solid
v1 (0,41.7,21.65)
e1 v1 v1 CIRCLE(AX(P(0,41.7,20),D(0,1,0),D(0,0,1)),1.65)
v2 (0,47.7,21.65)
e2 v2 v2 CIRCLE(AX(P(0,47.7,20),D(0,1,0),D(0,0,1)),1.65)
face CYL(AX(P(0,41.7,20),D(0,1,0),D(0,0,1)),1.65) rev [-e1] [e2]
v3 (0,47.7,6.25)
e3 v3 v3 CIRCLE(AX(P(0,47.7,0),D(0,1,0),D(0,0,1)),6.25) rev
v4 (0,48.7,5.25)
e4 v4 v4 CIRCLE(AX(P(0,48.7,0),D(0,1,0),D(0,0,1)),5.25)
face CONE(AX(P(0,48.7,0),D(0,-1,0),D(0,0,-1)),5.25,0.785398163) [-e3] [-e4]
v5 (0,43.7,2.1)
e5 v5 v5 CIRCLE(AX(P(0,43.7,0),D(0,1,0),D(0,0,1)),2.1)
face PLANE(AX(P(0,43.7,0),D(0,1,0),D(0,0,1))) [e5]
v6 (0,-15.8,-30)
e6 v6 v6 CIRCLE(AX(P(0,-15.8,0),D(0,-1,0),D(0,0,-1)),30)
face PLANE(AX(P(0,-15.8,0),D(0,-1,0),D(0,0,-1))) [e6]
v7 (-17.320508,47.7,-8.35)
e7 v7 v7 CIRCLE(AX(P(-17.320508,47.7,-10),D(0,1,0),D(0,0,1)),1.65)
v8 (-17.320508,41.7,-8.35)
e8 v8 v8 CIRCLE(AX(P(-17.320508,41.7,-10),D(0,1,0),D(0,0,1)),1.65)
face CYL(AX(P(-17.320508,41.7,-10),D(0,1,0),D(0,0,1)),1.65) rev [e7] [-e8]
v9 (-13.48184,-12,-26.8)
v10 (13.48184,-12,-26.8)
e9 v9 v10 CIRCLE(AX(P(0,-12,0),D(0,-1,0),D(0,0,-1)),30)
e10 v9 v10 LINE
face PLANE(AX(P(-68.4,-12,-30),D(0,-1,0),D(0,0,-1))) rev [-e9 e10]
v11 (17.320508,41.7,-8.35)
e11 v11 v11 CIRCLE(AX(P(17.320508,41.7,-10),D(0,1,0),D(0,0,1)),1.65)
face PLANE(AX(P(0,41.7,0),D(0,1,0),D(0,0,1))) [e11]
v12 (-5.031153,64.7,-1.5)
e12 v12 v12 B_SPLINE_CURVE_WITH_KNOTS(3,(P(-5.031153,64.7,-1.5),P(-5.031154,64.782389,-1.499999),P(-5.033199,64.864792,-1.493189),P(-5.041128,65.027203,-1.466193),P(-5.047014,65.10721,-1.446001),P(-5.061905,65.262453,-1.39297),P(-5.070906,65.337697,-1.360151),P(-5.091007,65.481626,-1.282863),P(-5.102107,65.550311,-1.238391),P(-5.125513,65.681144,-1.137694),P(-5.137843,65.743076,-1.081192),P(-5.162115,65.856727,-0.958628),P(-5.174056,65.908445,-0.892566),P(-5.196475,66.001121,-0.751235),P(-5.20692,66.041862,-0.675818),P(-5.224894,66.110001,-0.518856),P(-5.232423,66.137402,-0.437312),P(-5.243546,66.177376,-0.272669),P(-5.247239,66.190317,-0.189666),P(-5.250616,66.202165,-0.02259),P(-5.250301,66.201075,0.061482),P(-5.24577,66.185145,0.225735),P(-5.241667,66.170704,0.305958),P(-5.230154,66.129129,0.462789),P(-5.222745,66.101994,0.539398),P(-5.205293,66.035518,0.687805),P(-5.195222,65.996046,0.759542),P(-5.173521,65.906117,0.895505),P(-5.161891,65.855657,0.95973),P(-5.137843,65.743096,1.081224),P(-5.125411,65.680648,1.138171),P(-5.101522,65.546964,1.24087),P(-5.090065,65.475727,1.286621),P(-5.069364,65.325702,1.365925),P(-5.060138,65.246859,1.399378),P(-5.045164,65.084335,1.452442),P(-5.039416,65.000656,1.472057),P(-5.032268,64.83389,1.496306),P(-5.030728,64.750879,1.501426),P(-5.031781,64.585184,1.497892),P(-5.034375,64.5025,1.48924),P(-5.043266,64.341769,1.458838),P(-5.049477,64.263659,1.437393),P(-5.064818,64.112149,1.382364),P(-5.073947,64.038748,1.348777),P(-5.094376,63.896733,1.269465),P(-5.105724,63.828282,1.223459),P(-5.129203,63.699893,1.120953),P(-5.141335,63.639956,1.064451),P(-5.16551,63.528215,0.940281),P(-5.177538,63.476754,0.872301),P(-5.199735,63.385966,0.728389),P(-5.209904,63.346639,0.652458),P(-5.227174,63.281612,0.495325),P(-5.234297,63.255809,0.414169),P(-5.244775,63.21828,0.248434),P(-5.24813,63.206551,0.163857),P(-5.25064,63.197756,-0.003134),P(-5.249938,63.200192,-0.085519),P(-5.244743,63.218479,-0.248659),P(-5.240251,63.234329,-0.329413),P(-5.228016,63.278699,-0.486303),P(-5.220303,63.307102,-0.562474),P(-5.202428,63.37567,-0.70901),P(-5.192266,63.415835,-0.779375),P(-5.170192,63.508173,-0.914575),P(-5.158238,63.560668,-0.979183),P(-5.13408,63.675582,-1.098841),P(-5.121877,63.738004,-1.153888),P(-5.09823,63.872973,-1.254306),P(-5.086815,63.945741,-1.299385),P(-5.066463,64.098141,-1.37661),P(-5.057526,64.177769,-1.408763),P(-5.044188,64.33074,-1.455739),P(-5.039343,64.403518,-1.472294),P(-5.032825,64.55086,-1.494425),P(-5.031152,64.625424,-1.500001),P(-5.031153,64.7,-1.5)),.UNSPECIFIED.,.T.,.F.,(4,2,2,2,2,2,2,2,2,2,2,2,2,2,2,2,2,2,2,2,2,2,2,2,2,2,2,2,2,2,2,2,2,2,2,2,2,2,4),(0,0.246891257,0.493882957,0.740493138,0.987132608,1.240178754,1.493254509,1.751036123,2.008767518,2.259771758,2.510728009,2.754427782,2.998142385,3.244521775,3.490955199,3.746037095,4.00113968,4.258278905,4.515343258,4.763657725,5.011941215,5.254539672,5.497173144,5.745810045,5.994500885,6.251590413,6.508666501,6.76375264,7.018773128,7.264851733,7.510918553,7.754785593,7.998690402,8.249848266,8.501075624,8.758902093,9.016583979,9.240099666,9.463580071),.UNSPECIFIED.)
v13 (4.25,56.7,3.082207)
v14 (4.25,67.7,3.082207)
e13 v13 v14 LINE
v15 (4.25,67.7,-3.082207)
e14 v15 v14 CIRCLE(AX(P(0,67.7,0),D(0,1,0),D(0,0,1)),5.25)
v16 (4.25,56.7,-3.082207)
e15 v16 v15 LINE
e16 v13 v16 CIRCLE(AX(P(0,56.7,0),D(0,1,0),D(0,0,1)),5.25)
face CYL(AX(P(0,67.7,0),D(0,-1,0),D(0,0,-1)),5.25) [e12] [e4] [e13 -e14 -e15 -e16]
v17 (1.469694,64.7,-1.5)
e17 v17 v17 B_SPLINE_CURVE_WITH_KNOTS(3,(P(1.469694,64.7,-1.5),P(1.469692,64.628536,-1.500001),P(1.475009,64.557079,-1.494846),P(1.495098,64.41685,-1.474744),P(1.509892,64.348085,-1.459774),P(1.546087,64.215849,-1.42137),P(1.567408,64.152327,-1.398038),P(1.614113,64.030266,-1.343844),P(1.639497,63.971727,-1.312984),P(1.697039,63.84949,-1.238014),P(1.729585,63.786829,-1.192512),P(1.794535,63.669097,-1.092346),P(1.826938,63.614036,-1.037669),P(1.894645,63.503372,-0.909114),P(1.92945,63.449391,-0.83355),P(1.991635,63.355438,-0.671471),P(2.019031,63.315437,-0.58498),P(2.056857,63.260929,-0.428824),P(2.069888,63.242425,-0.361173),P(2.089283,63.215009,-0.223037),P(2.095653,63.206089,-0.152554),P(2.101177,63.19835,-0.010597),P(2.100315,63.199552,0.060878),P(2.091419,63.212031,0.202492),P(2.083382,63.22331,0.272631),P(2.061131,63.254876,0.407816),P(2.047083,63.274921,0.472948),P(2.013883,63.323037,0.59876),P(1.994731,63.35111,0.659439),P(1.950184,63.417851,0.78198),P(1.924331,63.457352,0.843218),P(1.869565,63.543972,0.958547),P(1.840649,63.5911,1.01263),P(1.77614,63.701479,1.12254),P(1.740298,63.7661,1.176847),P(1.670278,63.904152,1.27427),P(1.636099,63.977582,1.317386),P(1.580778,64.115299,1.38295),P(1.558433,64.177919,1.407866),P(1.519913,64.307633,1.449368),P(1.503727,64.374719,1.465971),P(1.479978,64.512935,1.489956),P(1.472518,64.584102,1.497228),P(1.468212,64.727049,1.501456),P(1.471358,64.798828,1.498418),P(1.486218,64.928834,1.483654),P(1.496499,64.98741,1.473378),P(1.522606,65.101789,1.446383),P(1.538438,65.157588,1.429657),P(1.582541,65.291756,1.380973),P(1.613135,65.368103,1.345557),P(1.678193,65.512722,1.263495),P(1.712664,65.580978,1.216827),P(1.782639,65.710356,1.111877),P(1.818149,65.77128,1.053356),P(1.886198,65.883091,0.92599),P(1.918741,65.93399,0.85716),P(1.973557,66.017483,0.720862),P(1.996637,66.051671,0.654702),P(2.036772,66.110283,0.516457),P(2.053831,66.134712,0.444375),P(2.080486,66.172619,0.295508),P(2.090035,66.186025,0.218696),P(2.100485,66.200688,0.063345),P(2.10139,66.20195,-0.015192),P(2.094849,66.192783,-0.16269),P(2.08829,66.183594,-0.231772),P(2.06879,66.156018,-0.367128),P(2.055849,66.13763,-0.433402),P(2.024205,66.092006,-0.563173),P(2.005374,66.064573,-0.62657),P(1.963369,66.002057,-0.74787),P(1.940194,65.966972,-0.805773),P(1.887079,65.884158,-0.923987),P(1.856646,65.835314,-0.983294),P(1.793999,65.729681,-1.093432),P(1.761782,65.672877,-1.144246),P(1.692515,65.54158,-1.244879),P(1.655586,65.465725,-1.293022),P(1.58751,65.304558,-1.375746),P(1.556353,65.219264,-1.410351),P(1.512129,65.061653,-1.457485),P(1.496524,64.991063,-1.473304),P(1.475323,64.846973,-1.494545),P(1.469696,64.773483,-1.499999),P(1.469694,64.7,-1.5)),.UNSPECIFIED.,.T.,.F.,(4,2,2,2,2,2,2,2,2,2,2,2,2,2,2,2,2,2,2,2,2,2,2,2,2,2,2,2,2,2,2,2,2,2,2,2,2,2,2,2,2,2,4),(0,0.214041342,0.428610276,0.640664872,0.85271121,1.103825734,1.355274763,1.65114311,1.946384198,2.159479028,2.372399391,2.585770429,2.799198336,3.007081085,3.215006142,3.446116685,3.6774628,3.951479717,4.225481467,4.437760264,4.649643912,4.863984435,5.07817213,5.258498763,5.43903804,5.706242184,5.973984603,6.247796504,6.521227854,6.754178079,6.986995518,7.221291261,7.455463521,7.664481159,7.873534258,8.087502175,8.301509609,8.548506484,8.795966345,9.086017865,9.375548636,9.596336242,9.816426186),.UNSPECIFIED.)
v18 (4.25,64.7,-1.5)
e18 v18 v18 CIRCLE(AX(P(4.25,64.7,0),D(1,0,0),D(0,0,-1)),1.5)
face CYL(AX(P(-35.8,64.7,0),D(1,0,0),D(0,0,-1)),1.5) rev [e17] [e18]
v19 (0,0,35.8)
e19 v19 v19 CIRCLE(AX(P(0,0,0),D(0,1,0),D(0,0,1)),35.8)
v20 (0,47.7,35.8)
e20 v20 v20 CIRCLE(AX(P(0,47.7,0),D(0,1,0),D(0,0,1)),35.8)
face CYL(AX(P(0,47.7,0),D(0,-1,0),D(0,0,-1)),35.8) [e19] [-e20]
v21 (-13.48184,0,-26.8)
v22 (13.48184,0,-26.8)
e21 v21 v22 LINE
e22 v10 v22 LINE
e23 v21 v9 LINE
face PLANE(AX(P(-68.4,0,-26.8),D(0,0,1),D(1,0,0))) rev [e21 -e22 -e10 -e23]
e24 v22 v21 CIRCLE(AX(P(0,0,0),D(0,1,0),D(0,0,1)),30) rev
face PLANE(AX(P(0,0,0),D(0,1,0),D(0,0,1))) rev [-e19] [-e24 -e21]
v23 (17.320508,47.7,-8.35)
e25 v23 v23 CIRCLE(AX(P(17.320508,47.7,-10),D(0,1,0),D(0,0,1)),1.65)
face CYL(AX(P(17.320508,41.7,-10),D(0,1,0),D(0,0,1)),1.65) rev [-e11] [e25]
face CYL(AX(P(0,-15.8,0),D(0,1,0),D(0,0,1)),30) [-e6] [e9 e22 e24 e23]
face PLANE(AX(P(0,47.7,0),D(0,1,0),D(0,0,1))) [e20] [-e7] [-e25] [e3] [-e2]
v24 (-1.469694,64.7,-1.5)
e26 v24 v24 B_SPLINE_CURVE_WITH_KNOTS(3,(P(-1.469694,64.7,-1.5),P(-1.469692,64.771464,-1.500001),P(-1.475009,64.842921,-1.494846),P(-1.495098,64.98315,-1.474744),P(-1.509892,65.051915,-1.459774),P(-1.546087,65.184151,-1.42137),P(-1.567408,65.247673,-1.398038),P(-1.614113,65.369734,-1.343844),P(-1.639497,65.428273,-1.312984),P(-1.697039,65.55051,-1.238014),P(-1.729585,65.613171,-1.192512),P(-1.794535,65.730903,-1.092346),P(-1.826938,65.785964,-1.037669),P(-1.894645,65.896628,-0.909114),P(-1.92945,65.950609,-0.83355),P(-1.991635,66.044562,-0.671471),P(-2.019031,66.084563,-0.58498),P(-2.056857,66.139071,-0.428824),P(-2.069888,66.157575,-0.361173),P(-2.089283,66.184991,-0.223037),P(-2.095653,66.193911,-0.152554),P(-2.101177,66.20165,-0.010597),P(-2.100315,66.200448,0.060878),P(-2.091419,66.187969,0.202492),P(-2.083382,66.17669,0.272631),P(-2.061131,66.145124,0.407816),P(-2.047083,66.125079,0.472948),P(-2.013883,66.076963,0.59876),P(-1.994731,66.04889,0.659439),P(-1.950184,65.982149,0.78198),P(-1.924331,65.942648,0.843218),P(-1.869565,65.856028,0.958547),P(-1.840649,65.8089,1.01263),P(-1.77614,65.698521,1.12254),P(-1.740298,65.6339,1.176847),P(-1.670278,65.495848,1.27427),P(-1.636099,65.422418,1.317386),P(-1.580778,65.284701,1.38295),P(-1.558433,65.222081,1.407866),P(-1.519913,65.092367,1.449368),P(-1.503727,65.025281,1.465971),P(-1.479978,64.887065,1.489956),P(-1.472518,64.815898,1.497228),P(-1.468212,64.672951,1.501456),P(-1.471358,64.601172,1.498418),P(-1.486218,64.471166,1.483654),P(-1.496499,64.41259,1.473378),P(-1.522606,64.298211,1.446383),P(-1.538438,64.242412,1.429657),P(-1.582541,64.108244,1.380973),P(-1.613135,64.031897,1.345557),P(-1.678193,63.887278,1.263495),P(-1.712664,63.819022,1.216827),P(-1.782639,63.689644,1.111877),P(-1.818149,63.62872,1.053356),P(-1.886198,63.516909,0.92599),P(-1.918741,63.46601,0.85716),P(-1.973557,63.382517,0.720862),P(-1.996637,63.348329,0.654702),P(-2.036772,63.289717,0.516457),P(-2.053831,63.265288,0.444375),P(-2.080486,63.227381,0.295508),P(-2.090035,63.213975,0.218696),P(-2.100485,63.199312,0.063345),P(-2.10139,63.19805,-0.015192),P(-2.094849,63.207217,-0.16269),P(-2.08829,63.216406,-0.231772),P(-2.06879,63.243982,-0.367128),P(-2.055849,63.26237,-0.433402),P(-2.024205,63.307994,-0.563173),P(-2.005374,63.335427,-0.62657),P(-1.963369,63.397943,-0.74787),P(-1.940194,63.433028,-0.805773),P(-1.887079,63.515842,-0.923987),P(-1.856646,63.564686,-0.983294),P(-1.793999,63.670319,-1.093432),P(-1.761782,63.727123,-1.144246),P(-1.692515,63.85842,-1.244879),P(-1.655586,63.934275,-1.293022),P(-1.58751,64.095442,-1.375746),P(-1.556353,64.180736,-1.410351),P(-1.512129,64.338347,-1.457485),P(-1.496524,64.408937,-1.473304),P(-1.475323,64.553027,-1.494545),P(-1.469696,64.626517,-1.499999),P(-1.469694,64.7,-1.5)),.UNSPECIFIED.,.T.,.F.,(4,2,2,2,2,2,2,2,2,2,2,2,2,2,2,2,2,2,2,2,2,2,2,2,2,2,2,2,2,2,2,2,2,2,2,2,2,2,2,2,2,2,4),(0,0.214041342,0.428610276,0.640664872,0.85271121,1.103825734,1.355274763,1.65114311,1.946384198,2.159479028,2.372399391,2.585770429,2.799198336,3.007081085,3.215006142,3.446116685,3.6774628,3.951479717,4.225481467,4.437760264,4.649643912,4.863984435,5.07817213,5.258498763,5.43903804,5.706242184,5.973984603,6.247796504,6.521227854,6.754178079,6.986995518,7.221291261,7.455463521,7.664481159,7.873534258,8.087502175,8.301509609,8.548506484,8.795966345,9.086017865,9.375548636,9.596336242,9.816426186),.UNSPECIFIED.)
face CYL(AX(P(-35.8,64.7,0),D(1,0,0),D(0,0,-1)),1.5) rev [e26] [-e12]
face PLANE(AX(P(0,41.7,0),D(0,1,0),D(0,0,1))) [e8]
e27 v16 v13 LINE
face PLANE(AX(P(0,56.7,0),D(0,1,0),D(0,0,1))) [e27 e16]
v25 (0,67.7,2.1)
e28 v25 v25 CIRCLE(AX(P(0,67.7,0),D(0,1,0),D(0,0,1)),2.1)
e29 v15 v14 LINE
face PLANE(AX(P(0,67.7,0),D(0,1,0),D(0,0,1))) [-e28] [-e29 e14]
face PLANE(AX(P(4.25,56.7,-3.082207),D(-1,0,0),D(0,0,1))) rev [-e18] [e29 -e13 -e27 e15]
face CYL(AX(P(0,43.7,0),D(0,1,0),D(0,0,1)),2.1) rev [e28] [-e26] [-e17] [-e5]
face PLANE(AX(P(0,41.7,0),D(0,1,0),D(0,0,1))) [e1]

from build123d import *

# Parameters (mm, degrees)
SKETCH_1_R          = 35.8
EXTRUDE_1_DEPTH     = 47.7
SKETCH_2_R          = 5.25
EXTRUDE_2_DEPTH     = 20
SKETCH_3_W          = 7.138794325
SKETCH_3_H          = 6.164414002
CUT_EXTRUDE_1_DEPTH = 11
SKETCH_4_R          = 1.5
CUT_EXTRUDE_2_DEPTH = 87.422985947
CHAMFER_1_SIZE      = 1
SKETCH_5_R          = 1.65
CUT_EXTRUDE_3_DEPTH = 6
SKETCH_6_R          = 2.1
CUT_EXTRUDE_4_DEPTH = 24
SKETCH_7_R          = 30
EXTRUDE_3_DEPTH     = 15.8
SKETCH_8_W          = 3.2
SKETCH_8_H          = 12
CUT_EXTRUDE_5_DEPTH = 68.4


with BuildPart() as part:
    # 草图1 → 凸台-拉伸1 (new body)
    with BuildSketch(Plane(origin=(0, 0, 0), x_dir=(1, 0, 0), z_dir=(0, 1, 0))):
        with Locations(Location((0, 0, 0), (0, 0, 270))):
            Circle(SKETCH_1_R)
    extrude(amount=EXTRUDE_1_DEPTH)

    # 草图2 → 凸台-拉伸2 (add)
    with BuildSketch(Plane(origin=(0, 47.7, 0), x_dir=(1, 0, 0), z_dir=(0, 1, 0))):
        with Locations(Location((0, 0, 0), (0, 0, 270))):
            Circle(SKETCH_2_R)
    extrude(amount=EXTRUDE_2_DEPTH)

    # 草图3 → 切除-拉伸1 (cut)
    with BuildSketch(Plane(origin=(0, 67.7, 0), x_dir=(1, 0, 0), z_dir=(0, 1, 0))):
        with Locations((7.819397163, 0)):
            Rectangle(SKETCH_3_W, SKETCH_3_H)
    extrude(amount=-CUT_EXTRUDE_1_DEPTH, mode=Mode.SUBTRACT)

    # 草图4 → 切除-拉伸2 (cut, through all)
    with BuildSketch(Plane(origin=(4.25, 0, 0), x_dir=(0, 0, -1), z_dir=(1, 0, 0))):
        with Locations((0, 64.7)):
            Circle(SKETCH_4_R)
    extrude(amount=-CUT_EXTRUDE_2_DEPTH, mode=Mode.SUBTRACT)

    # 倒角1
    chamfer_1_edges = [part.edges().sort_by_distance(p)[0] for p in [
        (0, 47.7, -5.25),
    ]]
    chamfer(chamfer_1_edges, length=CHAMFER_1_SIZE)

    # 草图5 → 切除-拉伸3 (cut)
    with BuildSketch(Plane(origin=(0, 47.7, 0), x_dir=(1, 0, 0), z_dir=(0, 1, 0))):
        with Locations(Location((0, -20, 0), (0, 0, 270))):
            Circle(SKETCH_5_R)
        with Locations(Location((-17.320508076, 10, 0), (0, 0, 270))):
            Circle(SKETCH_5_R)
        with Locations(Location((17.320508076, 10, 0), (0, 0, 270))):
            Circle(SKETCH_5_R)
    extrude(amount=-CUT_EXTRUDE_3_DEPTH, mode=Mode.SUBTRACT)

    # 草图6 → 切除-拉伸4 (cut)
    with BuildSketch(Plane(origin=(0, 67.7, 0), x_dir=(1, 0, 0), z_dir=(0, 1, 0))):
        with Locations(Location((0, 0, 0), (0, 0, 270))):
            Circle(SKETCH_6_R)
    extrude(amount=-CUT_EXTRUDE_4_DEPTH, mode=Mode.SUBTRACT)

    # 草图7 → 凸台-拉伸3 (add)
    with BuildSketch(Plane.XZ):
        with Locations(Location((0, 0, 0), (0, 0, 90))):
            Circle(SKETCH_7_R)
    extrude(amount=EXTRUDE_3_DEPTH)

    # 草图8 → 切除-拉伸5 (cut, symmetric)
    with BuildSketch(Plane(origin=(0, 0, 0), x_dir=(0, 0, -1), z_dir=(1, 0, 0))):
        with Locations((28.4, -6)):
            Rectangle(SKETCH_8_W, SKETCH_8_H)
    extrude(amount=CUT_EXTRUDE_5_DEPTH, both=True, mode=Mode.SUBTRACT)


solid = part.part
